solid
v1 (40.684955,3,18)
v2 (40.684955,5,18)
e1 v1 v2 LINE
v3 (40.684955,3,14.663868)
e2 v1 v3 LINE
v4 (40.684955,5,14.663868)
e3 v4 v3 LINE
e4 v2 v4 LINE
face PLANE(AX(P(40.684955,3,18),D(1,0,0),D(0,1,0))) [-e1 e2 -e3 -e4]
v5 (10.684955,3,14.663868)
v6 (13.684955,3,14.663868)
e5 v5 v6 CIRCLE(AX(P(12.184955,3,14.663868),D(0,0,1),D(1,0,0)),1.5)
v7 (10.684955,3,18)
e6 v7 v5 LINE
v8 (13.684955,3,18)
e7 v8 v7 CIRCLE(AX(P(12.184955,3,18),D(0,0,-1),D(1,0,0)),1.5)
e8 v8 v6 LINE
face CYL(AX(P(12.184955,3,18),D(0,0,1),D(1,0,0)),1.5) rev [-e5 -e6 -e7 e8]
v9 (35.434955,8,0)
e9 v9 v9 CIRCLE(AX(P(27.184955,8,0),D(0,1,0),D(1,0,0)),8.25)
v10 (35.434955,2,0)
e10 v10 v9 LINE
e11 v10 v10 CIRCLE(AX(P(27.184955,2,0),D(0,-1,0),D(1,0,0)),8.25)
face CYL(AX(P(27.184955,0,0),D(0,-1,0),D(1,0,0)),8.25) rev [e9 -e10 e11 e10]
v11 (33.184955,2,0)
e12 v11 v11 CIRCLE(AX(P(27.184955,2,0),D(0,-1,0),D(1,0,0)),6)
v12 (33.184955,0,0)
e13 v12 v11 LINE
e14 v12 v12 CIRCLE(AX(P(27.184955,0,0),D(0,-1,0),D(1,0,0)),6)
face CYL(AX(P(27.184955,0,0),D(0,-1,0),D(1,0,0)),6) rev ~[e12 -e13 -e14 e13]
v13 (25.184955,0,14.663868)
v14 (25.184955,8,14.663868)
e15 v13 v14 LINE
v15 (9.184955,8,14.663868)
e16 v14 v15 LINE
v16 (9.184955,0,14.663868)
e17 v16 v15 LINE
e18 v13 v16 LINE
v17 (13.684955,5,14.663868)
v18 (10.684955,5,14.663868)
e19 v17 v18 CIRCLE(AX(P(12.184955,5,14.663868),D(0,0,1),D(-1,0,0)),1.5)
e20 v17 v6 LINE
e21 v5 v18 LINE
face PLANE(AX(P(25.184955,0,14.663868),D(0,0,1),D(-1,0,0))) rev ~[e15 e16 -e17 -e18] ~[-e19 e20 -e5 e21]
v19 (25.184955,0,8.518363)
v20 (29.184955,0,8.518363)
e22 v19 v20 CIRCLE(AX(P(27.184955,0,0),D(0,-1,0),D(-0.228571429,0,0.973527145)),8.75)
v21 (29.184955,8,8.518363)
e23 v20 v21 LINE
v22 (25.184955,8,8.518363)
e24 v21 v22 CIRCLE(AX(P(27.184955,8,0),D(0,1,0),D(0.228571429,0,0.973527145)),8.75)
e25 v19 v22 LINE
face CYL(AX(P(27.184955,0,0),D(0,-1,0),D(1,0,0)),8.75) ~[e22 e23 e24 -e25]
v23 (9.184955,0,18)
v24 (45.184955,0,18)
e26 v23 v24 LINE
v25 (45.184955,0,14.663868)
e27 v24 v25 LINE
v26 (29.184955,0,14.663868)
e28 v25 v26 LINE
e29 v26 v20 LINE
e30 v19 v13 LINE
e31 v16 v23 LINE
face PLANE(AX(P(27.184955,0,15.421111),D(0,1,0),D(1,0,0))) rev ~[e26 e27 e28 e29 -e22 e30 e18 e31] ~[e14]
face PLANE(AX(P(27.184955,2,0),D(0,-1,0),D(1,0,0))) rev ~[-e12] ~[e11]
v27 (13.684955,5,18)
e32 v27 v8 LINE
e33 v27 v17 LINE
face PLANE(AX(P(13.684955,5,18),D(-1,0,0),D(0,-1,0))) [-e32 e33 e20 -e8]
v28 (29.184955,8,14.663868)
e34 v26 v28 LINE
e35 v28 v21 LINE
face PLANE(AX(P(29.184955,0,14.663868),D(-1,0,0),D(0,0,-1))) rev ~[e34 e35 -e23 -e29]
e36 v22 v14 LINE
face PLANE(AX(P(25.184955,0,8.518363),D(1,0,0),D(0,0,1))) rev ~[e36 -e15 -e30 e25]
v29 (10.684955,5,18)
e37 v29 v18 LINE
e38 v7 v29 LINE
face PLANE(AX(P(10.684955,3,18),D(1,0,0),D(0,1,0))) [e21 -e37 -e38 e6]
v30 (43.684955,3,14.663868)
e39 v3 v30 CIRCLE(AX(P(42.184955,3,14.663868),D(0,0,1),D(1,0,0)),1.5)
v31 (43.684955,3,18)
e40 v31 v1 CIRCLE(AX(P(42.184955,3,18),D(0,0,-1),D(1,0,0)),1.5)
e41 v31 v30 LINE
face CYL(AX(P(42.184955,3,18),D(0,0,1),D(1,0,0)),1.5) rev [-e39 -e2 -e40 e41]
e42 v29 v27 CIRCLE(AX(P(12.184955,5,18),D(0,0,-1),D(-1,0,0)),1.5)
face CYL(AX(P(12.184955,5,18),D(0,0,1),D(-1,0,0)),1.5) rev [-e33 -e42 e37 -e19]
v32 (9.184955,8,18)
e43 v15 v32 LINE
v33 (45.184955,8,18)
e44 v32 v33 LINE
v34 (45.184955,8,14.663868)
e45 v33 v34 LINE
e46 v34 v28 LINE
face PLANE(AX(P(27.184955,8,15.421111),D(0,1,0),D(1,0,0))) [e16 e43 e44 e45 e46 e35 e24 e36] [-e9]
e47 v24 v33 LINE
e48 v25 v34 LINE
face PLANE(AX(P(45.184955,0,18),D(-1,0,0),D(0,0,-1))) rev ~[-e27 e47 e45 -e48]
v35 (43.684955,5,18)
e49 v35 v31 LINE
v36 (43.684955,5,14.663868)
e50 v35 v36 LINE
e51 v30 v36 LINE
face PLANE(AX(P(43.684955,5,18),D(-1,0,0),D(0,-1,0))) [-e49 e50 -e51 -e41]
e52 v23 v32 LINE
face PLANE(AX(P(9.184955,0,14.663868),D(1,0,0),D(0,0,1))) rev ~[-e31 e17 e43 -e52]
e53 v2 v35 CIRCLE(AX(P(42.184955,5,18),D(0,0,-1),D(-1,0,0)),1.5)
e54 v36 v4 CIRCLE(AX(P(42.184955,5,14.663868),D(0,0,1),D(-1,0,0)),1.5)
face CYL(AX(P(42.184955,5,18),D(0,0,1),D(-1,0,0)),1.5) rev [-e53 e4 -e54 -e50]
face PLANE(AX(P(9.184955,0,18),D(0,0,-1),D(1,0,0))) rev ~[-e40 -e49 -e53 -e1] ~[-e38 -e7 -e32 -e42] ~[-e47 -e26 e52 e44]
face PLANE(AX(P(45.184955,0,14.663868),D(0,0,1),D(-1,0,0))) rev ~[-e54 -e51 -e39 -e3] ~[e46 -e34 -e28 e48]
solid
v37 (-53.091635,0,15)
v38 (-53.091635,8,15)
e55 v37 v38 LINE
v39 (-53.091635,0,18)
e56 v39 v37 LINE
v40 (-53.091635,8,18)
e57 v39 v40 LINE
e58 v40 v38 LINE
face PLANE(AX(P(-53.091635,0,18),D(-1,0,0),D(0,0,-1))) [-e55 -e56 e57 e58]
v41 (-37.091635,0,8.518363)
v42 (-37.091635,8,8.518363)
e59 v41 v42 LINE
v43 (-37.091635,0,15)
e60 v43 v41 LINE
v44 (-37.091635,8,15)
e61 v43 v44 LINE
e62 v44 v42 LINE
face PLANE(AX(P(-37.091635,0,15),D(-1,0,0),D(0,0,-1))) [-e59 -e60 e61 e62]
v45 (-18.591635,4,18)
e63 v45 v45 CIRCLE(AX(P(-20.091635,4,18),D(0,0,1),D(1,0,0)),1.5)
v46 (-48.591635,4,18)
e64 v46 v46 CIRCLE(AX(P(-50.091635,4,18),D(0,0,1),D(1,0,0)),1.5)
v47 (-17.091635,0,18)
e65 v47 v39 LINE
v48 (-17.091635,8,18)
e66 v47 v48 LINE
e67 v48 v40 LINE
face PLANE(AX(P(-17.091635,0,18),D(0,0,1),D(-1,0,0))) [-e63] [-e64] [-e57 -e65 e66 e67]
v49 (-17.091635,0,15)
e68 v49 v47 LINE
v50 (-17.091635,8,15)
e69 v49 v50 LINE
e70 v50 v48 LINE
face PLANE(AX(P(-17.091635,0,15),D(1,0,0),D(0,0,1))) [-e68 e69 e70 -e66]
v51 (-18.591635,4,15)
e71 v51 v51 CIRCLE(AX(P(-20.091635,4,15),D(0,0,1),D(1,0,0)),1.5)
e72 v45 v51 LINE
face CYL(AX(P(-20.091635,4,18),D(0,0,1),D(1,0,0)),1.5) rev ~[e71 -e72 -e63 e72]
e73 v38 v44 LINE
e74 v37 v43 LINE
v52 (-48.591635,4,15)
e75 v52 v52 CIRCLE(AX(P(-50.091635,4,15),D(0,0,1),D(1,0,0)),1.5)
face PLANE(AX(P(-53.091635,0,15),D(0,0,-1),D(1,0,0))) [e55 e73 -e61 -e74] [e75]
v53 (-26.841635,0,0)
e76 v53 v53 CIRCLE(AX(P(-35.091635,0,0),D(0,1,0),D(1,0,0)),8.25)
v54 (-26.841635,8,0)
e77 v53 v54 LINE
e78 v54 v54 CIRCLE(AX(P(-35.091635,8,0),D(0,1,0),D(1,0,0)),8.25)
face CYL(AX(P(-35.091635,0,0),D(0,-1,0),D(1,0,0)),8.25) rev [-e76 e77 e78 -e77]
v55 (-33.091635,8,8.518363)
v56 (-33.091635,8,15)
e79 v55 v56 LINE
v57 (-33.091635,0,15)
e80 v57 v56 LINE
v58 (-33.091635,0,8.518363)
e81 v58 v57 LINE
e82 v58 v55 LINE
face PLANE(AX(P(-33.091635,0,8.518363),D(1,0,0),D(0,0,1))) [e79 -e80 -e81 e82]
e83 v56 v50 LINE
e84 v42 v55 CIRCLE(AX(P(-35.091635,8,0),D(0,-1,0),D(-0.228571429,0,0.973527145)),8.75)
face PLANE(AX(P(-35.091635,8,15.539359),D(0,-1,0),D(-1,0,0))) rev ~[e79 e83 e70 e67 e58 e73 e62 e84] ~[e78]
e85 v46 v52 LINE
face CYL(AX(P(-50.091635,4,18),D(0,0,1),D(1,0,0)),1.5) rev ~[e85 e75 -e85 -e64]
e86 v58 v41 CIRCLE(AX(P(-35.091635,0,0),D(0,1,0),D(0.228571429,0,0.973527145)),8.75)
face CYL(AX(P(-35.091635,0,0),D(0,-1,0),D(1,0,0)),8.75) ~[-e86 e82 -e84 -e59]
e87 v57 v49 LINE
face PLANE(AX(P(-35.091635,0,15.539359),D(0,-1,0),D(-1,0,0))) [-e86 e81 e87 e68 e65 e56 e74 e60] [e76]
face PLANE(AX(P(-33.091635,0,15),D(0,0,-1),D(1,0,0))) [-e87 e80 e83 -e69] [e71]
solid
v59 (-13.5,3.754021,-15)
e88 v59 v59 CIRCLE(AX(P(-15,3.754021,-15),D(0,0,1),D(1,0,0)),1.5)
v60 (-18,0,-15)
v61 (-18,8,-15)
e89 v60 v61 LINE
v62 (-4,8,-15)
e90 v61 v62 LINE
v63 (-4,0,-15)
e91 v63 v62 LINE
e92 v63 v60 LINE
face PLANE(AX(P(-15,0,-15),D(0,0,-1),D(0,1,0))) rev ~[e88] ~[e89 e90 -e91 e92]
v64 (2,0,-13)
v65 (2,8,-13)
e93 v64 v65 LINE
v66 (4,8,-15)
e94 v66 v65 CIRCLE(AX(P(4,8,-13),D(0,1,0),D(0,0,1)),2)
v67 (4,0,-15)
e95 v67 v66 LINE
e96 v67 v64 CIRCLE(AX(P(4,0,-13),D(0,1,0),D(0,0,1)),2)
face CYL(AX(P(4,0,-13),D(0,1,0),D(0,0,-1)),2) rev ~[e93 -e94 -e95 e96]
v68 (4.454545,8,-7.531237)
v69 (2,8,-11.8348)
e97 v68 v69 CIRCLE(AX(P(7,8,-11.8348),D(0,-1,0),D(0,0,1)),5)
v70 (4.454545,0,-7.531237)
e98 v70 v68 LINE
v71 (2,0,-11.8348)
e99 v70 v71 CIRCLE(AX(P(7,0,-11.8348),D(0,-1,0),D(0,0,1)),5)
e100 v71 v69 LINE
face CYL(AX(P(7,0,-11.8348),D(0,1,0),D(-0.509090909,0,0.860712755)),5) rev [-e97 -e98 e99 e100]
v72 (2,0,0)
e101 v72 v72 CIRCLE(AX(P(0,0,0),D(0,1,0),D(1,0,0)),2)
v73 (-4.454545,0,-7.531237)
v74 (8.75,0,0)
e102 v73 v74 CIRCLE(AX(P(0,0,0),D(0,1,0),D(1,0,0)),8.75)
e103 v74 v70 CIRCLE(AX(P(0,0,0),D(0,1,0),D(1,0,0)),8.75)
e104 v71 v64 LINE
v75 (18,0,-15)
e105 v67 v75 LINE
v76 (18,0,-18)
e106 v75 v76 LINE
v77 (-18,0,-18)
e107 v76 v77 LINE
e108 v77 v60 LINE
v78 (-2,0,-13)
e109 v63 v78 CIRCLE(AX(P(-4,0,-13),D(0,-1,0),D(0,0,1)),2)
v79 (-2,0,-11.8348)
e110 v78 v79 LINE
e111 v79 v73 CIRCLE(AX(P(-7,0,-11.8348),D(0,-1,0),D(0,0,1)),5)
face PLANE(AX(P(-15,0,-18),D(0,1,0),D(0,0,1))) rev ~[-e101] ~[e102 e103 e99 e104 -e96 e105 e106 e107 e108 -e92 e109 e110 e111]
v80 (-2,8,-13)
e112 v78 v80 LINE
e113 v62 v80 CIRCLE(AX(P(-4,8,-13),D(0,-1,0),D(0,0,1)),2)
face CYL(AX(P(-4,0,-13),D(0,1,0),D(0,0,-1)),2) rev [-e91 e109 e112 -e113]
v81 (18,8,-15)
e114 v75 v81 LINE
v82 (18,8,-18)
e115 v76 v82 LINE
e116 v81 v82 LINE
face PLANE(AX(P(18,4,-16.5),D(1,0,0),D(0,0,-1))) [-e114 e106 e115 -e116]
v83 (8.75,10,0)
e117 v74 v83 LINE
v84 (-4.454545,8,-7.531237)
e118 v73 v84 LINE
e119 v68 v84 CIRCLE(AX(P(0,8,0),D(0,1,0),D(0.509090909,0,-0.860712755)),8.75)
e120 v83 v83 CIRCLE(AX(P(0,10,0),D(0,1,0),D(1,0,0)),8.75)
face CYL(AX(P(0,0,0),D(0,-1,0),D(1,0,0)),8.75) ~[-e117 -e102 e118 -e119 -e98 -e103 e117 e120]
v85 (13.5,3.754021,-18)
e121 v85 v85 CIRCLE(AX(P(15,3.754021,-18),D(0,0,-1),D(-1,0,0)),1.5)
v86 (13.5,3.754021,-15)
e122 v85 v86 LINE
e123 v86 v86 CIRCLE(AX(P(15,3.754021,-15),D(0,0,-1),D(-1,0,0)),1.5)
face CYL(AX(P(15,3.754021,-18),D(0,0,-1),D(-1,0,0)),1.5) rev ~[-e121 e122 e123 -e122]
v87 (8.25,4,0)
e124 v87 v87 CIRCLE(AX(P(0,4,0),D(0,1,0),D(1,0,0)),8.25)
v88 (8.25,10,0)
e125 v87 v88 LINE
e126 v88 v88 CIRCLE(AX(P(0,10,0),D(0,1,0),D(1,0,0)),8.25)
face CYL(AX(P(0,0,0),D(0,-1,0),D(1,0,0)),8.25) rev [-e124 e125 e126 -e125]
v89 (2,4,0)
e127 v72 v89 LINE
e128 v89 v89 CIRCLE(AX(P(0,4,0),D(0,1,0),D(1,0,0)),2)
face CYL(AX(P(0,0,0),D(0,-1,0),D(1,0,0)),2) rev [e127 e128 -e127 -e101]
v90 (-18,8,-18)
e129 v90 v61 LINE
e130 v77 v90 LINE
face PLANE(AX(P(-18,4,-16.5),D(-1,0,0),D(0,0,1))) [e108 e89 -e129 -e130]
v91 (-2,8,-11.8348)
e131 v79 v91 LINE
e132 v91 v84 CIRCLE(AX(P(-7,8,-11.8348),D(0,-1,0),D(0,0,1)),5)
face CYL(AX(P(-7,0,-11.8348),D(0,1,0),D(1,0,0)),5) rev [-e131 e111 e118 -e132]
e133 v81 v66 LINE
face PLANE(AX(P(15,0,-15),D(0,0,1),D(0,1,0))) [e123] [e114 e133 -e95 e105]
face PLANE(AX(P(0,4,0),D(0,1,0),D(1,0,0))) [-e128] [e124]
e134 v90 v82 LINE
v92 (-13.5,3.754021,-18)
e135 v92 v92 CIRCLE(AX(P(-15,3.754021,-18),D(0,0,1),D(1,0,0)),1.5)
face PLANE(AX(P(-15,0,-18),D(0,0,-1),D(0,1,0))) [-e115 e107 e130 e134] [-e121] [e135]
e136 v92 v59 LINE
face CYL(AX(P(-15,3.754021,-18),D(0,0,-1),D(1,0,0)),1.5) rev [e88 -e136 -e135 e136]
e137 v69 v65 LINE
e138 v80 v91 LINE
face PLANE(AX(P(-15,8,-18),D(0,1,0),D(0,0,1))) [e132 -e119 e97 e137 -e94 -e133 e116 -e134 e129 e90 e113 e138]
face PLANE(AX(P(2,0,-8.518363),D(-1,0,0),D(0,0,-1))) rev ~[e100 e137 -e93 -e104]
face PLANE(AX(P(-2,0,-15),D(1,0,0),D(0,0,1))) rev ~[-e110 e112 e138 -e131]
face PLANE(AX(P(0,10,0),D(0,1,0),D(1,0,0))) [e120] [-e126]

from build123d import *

# Parameters (mm, degrees)
SKETCH_1_R          = 8.75
SKETCH_1_R_2        = 8.25
EXTRUDE_2_DEPTH     = 10
SKETCH_2_R          = 8.25
SKETCH_2_R_2        = 2
EXTRUDE_3_DEPTH     = 4
EXTRUDE_4_DEPTH     = 8
SKETCH_5_W          = 3
SKETCH_5_H          = 8
EXTRUDE_5_DEPTH     = 3
SKETCH_6_W          = 3
SKETCH_6_H          = 8
EXTRUDE_6_DEPTH     = 3
SKETCH_7_R          = 1.5
CUT_EXTRUDE_1_DEPTH = 3
FILLET_1_R          = 5
FILLET_3_R          = 2
SKETCH_8_R          = 8.75
SKETCH_8_R_2        = 8.25
EXTRUDE_7_DEPTH     = 8
SKETCH_9_R          = 8.25
SKETCH_9_R_2        = 6
EXTRUDE_8_DEPTH     = 2
EXTRUDE_9_DEPTH     = 8
SKETCH_11_R         = 1.5
CUT_EXTRUDE_2_DEPTH = 8
CUT_EXTRUDE_3_DEPTH = 8
CUT_EXTRUDE_4_DEPTH = 8
SKETCH_14_R         = 8.75
SKETCH_14_R_2       = 8.25
EXTRUDE_10_DEPTH    = 8
EXTRUDE_11_DEPTH    = 8
SKETCH_16_R         = 1.5
CUT_EXTRUDE_5_DEPTH = 8


with BuildPart() as part:
    # 草图1 → 凸台-拉伸2 (new body)
    with BuildSketch(Plane(origin=(0, 0, 0), x_dir=(1, 0, 0), z_dir=(0, 1, 0))):
        Circle(SKETCH_1_R)
        Circle(SKETCH_1_R_2, mode=Mode.SUBTRACT)
    extrude(amount=EXTRUDE_2_DEPTH)

    # 草图2 → 凸台-拉伸3 (add)
    with BuildSketch(Plane(origin=(0, 0, 0), x_dir=(1, 0, 0), z_dir=(0, 1, 0))):
        Circle(SKETCH_2_R)
        Circle(SKETCH_2_R_2, mode=Mode.SUBTRACT)
    extrude(amount=EXTRUDE_3_DEPTH)

    # 草图3 → 凸台-拉伸4 (add)
    with BuildSketch(Plane(origin=(0, 0, 0), x_dir=(1, 0, 0), z_dir=(0, 1, 0))):
        Polygon((-2, 8.518362519), (2, 8.518362519), (2, 15), (15, 15), (15, 18), (2, 18), (-2, 18), (-15, 18), (-15, 15), (-2, 15), align=None)
    extrude(amount=EXTRUDE_4_DEPTH)

    # 草图5 → 凸台-拉伸5 (add)
    with BuildSketch(Plane(origin=(15, 0, 0), x_dir=(0, 0, -1), z_dir=(1, 0, 0))):
        with Locations((16.5, 4)):
            Rectangle(SKETCH_5_W, SKETCH_5_H)
    extrude(amount=EXTRUDE_5_DEPTH)

    # 草图6 → 凸台-拉伸6 (add)
    with BuildSketch(Plane.ZY.offset(15)):
        with Locations((-16.5, 4)):
            Rectangle(SKETCH_6_W, SKETCH_6_H)
    extrude(amount=EXTRUDE_6_DEPTH)

    # 草图7 → 切除-拉伸1 (cut)
    with BuildSketch(Plane(origin=(0, 0, -18), x_dir=(-1, 0, 0), z_dir=(0, 0, -1))):
        with Locations((-15, 3.754021035)):
            Circle(SKETCH_7_R)
    cut_extrude_1 = extrude(amount=-CUT_EXTRUDE_1_DEPTH, mode=Mode.SUBTRACT)

    # 镜向1: 切除-拉伸1 across plane
    add(cut_extrude_1.mirror(Plane(origin=(0, 0, 0), x_dir=(0, 0, 1), z_dir=(1, 0, 0))), mode=Mode.SUBTRACT)

    # 圆角1
    fillet_1_edges = [part.edges().sort_by_distance(p)[0] for p in [
        (-2, 4, -8.518362519),
        (2, 4, -8.518362519),
    ]]
    fillet(fillet_1_edges, radius=FILLET_1_R)

    # 圆角3
    fillet_3_edges = [part.edges().sort_by_distance(p)[0] for p in [
        (-2, 4, -15),
        (2, 4, -15),
    ]]
    fillet(fillet_3_edges, radius=FILLET_3_R)


with BuildPart() as body_2:
    # 草图8 → 凸台-拉伸7 (new body)
    with BuildSketch(Plane(origin=(0, 0, 0), x_dir=(1, 0, 0), z_dir=(0, 1, 0))):
        with Locations((27.184954533, 0)):
            Circle(SKETCH_8_R)
        with Locations((27.184954533, 0)):
            Circle(SKETCH_8_R_2, mode=Mode.SUBTRACT)
    extrude(amount=EXTRUDE_7_DEPTH)

    # 草图9 → 凸台-拉伸8 (add)
    with BuildSketch(Plane.XZ):
        with Locations((27.184954533, 0)):
            Circle(SKETCH_9_R)
        with Locations((27.184954533, 0)):
            Circle(SKETCH_9_R_2, mode=Mode.SUBTRACT)
    extrude(amount=-EXTRUDE_8_DEPTH)

    # 草图10 → 凸台-拉伸9 (add)
    with BuildSketch(Plane(origin=(0, 0, 0), x_dir=(1, 0, 0), z_dir=(0, 1, 0))):
        Polygon((27.184954533, -18), (45.184954533, -18), (45.184954533, -14.663867829), (29.184954533, -14.663867829), (29.184954533, -8.518362519), (25.184954533, -8.518362519), (25.184954533, -14.663867829), (9.184954533, -14.663867829), (9.184954533, -18), align=None)
    extrude(amount=EXTRUDE_9_DEPTH)

    # 草图11 → 切除-拉伸2 (cut)
    with BuildSketch(Plane.XY.offset(18)):
        with Locations((12.184954533, 4)):
            Circle(SKETCH_11_R)
        with Locations((42.184954533, 4)):
            Circle(SKETCH_11_R)
    extrude(amount=-CUT_EXTRUDE_2_DEPTH, mode=Mode.SUBTRACT)

    # 草图12 → 切除-拉伸3 (cut)
    with BuildSketch(Plane.XY.offset(18)):
        with BuildLine():
            Line((10.684954533, 4), (10.684954533, 5))
            ThreePointArc((10.684954533, 5), (12.184954533, 6.5), (13.684954533, 5))
            Line((13.684954533, 5), (13.684954533, 4))
            Line((13.684954533, 4), (13.684954533, 3))
            ThreePointArc((13.684954533, 3), (12.184954533, 1.5), (10.684954533, 3))
            Line((10.684954533, 3), (10.684954533, 4))
        make_face()
    extrude(amount=-CUT_EXTRUDE_3_DEPTH, mode=Mode.SUBTRACT)

    # 草图13 → 切除-拉伸4 (cut)
    with BuildSketch(Plane.XY.offset(18)):
        with BuildLine():
            Line((40.684954533, 4), (40.684954533, 5))
            ThreePointArc((40.684954533, 5), (42.184954533, 6.5), (43.684954533, 5))
            Line((43.684954533, 5), (43.684954533, 4))
            Line((43.684954533, 4), (43.684954533, 3))
            ThreePointArc((43.684954533, 3), (42.184954533, 1.5), (40.684954533, 3))
            Line((40.684954533, 3), (40.684954533, 4))
        make_face()
    extrude(amount=-CUT_EXTRUDE_4_DEPTH, mode=Mode.SUBTRACT)


with BuildPart() as body_3:
    # 草图14 → 凸台-拉伸10 (new body)
    with BuildSketch(Plane(origin=(0, 0, 0), x_dir=(1, 0, 0), z_dir=(0, 1, 0))):
        with Locations((-35.091635024, 0)):
            Circle(SKETCH_14_R)
        with Locations((-35.091635024, 0)):
            Circle(SKETCH_14_R_2, mode=Mode.SUBTRACT)
    extrude(amount=EXTRUDE_10_DEPTH)

    # 草图15 → 凸台-拉伸11 (add)
    with BuildSketch(Plane(origin=(0, 0, 0), x_dir=(1, 0, 0), z_dir=(0, 1, 0))):
        Polygon((-37.091635024, -15), (-37.091635024, -8.518362519), (-33.091635024, -8.518362519), (-33.091635024, -15), (-17.091635024, -15), (-17.091635024, -18), (-53.091635024, -18), (-53.091635024, -15), align=None)
    extrude(amount=EXTRUDE_11_DEPTH)

    # 草图16 → 切除-拉伸5 (cut)
    with BuildSketch(Plane.XY.offset(18)):
        with Locations((-50.091635024, 4)):
            Circle(SKETCH_16_R)
        with Locations((-20.091635024, 4)):
            Circle(SKETCH_16_R)
    extrude(amount=-CUT_EXTRUDE_5_DEPTH, mode=Mode.SUBTRACT)


solid = Compound([part.part, body_2.part, body_3.part])
